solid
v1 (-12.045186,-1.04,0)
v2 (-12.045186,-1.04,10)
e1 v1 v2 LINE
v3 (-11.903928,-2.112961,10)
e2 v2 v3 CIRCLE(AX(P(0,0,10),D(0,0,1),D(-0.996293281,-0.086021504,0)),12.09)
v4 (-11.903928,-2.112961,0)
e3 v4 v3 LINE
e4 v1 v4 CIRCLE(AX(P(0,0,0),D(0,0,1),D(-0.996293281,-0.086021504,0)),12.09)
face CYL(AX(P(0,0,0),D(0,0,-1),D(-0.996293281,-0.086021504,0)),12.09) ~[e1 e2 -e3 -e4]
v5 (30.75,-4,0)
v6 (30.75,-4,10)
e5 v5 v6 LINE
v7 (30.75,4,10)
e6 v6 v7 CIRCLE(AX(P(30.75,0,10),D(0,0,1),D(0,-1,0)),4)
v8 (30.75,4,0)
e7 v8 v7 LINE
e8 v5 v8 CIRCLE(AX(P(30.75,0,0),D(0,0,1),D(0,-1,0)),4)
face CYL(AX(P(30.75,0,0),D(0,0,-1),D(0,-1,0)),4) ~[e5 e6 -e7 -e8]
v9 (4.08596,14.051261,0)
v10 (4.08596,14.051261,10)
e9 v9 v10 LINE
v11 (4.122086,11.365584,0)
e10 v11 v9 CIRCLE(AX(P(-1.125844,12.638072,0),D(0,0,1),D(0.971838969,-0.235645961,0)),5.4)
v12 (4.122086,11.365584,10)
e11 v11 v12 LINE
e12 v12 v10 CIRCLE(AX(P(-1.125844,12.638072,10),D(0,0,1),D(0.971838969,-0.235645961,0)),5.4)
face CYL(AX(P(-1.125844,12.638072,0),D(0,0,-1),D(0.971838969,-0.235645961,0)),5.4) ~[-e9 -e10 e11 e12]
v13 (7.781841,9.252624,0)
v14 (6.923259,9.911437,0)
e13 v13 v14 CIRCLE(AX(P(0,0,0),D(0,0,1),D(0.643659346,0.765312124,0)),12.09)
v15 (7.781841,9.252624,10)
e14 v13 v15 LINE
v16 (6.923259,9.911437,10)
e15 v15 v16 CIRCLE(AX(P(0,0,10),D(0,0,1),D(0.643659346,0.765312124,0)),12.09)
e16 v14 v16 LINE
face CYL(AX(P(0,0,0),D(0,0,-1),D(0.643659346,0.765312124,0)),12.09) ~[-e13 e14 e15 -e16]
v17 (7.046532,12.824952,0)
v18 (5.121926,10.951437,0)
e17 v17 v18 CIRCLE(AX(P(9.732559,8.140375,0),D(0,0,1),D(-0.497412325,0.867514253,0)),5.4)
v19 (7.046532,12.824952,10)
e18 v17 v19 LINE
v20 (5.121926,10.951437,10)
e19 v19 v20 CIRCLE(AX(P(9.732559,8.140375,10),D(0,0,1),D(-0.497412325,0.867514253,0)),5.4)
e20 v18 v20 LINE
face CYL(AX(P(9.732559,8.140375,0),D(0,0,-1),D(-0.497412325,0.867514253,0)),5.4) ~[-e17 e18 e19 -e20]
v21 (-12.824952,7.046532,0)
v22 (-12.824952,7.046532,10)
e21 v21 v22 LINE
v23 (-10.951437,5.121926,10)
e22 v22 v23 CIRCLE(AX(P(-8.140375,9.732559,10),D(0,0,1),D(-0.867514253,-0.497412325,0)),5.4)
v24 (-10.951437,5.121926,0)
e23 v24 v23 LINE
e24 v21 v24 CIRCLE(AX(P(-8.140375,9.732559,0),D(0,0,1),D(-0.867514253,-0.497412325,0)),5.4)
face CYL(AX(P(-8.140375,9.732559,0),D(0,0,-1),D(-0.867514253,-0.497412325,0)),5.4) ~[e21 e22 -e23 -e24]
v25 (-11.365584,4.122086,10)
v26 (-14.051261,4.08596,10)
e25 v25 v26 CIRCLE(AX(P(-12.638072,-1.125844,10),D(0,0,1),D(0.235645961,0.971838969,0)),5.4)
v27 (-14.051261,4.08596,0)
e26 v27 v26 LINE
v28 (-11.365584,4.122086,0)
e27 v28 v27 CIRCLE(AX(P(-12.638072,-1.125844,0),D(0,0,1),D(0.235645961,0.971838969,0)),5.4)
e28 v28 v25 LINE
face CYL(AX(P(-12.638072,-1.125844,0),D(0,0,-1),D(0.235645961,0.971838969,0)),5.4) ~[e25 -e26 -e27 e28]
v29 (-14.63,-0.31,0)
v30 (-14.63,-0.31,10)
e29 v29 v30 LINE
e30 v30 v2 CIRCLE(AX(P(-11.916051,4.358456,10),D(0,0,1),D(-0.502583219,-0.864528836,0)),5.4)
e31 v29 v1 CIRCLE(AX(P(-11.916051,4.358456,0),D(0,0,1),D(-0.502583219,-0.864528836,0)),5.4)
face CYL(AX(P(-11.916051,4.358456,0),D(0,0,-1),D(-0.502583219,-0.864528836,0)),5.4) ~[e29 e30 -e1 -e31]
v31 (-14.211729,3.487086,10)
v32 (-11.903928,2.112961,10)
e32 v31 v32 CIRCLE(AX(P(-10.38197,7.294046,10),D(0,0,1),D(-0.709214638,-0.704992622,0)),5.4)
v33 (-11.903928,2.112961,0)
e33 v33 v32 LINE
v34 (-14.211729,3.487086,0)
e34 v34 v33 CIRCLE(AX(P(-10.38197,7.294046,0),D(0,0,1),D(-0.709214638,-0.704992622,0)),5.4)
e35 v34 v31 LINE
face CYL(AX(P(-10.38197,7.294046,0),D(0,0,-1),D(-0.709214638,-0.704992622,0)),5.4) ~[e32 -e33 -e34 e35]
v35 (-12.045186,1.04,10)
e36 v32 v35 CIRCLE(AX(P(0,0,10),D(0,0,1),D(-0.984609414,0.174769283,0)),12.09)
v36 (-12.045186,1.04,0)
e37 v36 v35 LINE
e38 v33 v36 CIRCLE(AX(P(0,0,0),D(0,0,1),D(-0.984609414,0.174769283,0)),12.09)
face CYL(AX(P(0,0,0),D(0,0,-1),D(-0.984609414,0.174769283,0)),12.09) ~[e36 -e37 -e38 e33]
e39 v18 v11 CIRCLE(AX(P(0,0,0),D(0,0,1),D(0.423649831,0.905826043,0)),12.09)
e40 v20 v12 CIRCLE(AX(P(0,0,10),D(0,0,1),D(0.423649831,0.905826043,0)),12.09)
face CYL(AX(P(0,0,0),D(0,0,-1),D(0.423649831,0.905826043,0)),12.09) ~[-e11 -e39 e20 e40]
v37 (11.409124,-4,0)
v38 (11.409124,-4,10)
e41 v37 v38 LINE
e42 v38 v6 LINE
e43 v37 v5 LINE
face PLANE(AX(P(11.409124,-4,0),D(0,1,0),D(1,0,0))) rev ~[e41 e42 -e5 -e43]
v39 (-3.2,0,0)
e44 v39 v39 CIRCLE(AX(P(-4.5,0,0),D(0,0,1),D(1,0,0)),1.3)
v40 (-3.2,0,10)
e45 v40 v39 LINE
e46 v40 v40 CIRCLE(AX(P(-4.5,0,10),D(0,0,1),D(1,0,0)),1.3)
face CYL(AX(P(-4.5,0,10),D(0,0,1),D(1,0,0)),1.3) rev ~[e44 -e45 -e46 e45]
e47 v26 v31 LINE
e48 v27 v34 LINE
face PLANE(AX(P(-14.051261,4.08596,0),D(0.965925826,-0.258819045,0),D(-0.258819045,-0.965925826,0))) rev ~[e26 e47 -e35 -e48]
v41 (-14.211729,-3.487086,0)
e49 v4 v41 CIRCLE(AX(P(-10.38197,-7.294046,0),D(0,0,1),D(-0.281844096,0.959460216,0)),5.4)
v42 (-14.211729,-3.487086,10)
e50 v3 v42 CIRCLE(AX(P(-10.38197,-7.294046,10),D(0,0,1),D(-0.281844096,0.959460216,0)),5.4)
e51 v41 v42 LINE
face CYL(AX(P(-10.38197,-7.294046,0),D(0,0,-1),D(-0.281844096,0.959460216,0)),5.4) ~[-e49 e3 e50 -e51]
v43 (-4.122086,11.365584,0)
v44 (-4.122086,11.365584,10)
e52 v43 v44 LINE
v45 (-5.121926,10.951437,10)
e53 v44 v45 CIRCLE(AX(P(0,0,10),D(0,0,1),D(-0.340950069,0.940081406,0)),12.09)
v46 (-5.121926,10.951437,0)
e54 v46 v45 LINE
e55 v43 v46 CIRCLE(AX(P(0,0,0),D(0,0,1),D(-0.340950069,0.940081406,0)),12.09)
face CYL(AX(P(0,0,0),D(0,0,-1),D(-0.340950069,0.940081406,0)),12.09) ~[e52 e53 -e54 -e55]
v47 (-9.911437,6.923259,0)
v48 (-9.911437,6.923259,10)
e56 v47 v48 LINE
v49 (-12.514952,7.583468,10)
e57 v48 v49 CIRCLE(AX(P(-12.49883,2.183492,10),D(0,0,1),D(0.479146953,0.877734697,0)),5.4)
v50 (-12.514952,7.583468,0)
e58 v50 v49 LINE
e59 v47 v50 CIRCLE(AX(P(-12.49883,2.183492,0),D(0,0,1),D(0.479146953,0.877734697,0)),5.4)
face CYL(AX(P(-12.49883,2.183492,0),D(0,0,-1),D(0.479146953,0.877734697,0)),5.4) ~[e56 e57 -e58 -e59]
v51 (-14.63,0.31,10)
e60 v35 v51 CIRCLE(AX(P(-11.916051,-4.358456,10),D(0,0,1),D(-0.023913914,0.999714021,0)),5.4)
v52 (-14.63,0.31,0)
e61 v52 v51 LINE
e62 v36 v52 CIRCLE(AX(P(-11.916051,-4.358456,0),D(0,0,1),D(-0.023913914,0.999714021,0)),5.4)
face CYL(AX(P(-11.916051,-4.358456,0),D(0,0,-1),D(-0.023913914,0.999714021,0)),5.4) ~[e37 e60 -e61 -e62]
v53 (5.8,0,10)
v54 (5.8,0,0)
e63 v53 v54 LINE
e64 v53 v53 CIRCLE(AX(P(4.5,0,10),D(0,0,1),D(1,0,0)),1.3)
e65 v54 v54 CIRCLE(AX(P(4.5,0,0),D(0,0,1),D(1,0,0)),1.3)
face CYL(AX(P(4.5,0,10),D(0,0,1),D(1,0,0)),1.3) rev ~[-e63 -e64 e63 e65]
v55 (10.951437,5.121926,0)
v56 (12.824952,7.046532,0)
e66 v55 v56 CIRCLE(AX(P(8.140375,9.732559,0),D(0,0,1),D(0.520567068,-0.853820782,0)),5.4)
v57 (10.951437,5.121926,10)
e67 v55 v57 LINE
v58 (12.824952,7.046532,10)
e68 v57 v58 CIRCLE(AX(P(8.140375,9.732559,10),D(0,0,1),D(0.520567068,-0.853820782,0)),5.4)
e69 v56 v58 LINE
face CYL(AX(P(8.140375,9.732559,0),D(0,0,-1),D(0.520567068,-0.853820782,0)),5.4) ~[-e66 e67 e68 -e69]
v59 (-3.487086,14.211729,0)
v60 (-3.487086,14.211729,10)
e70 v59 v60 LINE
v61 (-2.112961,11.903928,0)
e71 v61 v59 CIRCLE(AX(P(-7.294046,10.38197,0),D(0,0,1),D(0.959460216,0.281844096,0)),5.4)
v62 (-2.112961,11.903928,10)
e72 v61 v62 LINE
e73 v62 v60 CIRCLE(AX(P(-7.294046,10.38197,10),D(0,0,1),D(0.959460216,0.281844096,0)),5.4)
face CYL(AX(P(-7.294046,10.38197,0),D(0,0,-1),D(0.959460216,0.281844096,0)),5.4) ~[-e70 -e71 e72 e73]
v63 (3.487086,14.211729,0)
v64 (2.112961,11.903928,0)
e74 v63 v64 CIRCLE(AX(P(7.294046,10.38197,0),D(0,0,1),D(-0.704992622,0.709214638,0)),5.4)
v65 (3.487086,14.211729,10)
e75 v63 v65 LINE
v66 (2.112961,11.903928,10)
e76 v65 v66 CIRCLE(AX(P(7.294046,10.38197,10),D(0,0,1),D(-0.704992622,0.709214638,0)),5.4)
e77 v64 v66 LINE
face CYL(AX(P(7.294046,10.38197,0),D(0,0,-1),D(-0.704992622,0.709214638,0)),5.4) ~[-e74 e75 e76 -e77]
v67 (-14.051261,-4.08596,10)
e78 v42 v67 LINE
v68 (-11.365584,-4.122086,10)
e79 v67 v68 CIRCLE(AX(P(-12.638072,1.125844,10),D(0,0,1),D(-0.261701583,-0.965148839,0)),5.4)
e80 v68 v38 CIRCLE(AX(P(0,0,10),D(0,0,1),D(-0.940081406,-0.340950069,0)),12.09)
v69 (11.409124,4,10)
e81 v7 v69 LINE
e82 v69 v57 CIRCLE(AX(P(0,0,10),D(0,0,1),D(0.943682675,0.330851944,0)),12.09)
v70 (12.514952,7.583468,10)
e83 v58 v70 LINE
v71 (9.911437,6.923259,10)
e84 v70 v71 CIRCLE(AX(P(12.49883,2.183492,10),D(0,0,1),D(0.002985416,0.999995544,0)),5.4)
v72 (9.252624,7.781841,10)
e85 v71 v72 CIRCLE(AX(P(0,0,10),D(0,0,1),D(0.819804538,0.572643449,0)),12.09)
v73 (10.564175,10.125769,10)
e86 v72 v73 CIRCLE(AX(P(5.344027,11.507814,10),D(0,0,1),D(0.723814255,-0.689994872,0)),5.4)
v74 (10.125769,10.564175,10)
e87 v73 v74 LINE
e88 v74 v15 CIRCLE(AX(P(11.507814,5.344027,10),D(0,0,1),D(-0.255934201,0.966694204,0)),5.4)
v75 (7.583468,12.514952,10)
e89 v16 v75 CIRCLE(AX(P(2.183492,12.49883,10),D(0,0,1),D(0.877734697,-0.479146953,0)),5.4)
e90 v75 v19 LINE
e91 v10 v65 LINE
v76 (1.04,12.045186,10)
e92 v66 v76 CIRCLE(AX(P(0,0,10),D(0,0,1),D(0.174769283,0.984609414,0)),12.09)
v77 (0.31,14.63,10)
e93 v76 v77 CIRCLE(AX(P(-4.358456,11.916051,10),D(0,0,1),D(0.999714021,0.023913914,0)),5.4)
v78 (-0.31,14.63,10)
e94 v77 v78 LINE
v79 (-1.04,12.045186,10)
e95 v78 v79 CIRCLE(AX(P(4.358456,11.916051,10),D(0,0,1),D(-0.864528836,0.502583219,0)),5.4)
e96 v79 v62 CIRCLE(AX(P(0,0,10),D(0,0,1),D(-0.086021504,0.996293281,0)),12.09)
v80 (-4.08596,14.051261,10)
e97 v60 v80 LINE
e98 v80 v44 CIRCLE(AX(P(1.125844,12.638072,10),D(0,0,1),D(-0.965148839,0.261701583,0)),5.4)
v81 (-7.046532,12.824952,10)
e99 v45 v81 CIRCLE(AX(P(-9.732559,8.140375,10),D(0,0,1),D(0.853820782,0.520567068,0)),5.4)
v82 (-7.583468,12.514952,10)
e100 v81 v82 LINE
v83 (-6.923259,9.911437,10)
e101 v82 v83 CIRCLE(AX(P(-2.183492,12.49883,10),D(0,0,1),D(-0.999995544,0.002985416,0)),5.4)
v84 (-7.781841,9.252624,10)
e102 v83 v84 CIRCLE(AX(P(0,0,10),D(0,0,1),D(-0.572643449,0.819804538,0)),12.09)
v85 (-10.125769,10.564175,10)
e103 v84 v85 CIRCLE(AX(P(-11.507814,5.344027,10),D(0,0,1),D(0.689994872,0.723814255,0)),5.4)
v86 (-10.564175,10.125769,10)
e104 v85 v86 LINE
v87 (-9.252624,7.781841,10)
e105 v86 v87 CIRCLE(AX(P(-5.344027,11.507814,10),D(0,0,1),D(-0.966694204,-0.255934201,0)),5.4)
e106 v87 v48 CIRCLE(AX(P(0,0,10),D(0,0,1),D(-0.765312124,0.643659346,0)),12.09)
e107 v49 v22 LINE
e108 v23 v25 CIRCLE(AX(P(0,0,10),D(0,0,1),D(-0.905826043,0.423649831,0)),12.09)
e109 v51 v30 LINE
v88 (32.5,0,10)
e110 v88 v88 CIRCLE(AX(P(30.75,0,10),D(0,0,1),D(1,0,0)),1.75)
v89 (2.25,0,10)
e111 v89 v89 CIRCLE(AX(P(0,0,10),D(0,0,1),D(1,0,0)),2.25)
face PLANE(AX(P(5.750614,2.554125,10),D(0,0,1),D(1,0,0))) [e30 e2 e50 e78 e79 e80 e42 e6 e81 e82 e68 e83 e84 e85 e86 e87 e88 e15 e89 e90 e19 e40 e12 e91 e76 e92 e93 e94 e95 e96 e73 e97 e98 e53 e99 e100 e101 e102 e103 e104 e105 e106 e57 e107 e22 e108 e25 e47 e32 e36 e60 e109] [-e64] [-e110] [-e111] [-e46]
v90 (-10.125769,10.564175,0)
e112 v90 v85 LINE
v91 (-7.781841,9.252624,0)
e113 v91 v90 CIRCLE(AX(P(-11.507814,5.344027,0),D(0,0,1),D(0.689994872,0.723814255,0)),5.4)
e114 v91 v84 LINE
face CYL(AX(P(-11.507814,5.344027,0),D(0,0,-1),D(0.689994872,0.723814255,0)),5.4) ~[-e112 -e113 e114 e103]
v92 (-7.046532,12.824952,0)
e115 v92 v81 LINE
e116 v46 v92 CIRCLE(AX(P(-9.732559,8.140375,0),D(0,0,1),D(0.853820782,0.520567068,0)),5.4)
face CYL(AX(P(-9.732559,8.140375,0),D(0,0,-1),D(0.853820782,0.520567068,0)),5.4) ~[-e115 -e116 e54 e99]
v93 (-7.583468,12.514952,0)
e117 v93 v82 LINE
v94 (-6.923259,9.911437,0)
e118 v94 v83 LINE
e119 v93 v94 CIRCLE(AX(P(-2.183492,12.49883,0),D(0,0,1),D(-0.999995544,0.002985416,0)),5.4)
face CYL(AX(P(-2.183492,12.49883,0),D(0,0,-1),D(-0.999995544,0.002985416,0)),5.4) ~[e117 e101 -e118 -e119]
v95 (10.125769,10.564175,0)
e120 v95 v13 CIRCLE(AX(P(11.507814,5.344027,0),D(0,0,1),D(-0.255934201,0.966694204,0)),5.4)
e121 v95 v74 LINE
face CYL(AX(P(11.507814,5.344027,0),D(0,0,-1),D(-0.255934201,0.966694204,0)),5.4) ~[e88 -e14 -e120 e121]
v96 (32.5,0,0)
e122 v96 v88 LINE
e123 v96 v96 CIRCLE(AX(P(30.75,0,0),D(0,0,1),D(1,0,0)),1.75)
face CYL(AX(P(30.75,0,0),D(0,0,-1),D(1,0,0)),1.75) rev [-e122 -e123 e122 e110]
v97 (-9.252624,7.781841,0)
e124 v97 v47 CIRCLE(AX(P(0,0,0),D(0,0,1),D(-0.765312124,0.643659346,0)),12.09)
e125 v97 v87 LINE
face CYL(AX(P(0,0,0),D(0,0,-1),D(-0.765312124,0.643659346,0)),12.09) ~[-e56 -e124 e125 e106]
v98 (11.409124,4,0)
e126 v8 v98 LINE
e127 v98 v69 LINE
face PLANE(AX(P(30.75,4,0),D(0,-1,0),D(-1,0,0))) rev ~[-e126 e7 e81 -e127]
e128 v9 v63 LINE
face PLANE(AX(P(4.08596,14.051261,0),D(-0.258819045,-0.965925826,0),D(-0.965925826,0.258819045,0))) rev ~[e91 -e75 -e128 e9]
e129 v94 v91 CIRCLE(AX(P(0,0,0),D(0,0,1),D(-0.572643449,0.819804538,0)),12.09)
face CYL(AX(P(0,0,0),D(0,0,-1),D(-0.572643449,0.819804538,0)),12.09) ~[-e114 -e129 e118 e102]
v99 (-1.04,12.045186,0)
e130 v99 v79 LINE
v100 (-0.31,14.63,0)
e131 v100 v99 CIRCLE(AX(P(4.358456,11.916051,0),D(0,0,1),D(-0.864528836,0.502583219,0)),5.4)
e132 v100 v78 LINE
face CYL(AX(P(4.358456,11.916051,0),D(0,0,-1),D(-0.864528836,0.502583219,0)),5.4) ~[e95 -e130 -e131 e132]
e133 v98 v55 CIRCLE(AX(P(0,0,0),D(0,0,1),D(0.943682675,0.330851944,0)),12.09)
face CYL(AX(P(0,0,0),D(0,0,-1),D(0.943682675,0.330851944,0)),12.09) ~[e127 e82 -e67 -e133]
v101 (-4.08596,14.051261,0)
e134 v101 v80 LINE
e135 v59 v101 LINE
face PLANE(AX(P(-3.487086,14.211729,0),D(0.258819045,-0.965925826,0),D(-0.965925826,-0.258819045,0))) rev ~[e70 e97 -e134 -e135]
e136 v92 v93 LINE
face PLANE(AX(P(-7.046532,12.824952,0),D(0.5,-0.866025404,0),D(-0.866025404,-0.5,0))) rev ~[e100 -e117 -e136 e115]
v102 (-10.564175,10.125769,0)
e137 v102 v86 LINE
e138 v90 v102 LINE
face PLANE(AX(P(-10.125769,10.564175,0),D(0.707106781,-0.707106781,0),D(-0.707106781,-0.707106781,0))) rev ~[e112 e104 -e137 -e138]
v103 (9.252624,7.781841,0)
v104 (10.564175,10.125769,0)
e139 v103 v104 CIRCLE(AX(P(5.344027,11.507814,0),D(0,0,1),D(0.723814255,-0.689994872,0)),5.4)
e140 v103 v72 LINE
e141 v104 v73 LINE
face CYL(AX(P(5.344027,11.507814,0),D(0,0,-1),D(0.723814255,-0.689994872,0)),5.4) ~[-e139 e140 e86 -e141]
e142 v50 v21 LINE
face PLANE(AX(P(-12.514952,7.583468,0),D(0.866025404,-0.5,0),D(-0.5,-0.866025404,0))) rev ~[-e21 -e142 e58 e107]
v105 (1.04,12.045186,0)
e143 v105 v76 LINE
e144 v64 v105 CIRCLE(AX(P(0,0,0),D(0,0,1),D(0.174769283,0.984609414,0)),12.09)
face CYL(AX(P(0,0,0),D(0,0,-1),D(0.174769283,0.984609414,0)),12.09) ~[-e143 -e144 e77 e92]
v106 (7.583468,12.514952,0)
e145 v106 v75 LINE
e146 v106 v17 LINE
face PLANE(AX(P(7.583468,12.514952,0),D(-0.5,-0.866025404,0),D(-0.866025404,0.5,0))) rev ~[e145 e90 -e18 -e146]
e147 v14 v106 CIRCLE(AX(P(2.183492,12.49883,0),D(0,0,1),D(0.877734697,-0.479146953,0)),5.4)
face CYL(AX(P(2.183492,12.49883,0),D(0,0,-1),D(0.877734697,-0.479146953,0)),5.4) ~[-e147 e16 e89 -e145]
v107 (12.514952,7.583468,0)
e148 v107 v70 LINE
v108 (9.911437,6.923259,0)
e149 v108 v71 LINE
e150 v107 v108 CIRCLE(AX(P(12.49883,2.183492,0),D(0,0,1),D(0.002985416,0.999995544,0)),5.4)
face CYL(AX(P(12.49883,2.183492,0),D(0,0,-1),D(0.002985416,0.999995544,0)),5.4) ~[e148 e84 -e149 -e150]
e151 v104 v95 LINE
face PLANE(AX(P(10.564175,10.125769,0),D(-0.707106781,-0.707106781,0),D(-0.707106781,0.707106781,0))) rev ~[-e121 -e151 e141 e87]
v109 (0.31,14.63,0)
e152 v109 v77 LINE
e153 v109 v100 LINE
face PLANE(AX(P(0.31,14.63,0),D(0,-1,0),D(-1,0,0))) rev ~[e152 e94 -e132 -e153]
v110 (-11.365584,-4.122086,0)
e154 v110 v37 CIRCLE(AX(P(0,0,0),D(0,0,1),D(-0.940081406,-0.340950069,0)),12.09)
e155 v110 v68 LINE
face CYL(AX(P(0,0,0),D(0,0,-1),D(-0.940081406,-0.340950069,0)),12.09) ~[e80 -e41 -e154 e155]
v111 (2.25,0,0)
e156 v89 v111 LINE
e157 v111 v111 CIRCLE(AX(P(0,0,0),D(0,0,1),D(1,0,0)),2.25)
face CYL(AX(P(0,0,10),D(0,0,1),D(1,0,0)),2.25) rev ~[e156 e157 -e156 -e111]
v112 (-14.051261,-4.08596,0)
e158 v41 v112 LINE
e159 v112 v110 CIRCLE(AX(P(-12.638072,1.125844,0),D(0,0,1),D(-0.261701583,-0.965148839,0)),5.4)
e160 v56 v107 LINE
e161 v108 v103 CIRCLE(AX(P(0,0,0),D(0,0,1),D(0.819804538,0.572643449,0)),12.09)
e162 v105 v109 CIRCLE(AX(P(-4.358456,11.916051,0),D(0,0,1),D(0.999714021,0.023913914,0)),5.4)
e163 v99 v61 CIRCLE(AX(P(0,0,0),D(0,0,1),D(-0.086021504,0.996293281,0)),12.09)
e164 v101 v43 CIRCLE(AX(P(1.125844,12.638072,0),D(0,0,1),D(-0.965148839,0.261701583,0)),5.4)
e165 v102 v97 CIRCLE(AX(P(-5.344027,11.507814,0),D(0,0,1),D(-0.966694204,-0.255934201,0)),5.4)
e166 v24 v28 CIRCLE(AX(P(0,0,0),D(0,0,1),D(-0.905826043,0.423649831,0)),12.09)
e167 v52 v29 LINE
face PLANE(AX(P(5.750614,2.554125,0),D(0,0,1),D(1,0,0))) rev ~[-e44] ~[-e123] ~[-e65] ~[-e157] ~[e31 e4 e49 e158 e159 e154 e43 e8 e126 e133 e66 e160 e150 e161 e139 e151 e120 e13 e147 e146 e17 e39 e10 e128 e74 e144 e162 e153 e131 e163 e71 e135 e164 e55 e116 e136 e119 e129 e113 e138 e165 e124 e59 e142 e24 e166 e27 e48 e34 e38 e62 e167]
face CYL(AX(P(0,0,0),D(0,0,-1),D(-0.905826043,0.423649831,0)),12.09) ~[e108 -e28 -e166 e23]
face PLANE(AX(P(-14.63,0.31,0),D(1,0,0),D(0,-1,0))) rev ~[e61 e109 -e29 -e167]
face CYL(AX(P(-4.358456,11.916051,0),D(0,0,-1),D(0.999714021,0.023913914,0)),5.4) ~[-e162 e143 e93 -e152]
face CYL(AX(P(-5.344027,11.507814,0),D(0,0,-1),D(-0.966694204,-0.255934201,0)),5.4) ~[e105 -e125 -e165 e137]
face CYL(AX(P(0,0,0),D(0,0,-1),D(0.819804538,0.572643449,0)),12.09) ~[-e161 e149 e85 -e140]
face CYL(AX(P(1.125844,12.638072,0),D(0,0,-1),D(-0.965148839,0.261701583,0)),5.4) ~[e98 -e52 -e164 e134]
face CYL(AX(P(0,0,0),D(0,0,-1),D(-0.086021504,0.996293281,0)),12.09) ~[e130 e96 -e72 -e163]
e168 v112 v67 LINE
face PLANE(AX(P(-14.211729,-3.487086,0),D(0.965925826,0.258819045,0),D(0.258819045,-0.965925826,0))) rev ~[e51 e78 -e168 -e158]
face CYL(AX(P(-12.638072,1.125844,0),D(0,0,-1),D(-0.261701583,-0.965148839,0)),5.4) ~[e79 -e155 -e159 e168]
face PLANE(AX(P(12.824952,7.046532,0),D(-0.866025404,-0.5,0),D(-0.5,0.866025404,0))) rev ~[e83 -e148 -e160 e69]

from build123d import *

# Parameters (mm, degrees)
SKETCH1_R           = 1.75
BOSS_EXTRUDE1_DEPTH = 10
SKETCH2_R           = 1.3
SKETCH2_R_2         = 2.25
CUT_EXTRUDE1_DEPTH  = 40.007683858


with BuildPart() as part:
    # Sketch1 → Boss-Extrude1 (new body)
    with BuildSketch(Plane.XY):
        with BuildLine():
            Line((0.31, 14.63), (-0.31, 14.63))
            ThreePointArc((-0.31, 14.63), (-0.838273314, 13.383704325), (-1.04, 12.04518576))
            ThreePointArc((-1.04, 12.04518576), (-1.578061664, 11.986568374), (-2.112960617, 11.903927815))
            ThreePointArc((-2.112960617, 11.903927815), (-2.65424773, 13.144626757), (-3.487085624, 14.211728743))
            Line((-3.487085624, 14.211728743), (-4.085959636, 14.051260935))
            ThreePointArc((-4.085959636, 14.051260935), (-4.273667417, 12.71070456), (-4.122086336, 11.365584201))
            ThreePointArc((-4.122086336, 11.365584201), (-4.626642697, 11.169703548), (-5.12192646, 10.951436862))
            ThreePointArc((-5.12192646, 10.951436862), (-5.965886177, 12.009764599), (-7.046532125, 12.824951657))
            Line((-7.046532125, 12.824951657), (-7.583467875, 12.514951657))
            ThreePointArc((-7.583467875, 12.514951657), (-7.417818147, 11.171491285), (-6.9232593, 9.911436862))
            ThreePointArc((-6.9232593, 9.911436862), (-7.359925677, 9.591641884), (-7.781841479, 9.252623584))
            ThreePointArc((-7.781841479, 9.252623584), (-8.870959341, 10.05645683), (-10.125769107, 10.564175311))
            Line((-10.125769107, 10.564175311), (-10.564175311, 10.125769107))
            ThreePointArc((-10.564175311, 10.125769107), (-10.05645683, 8.870959341), (-9.252623584, 7.781841479))
            ThreePointArc((-9.252623584, 7.781841479), (-9.591641884, 7.359925677), (-9.911436862, 6.9232593))
            ThreePointArc((-9.911436862, 6.9232593), (-11.171491285, 7.417818147), (-12.514951657, 7.583467875))
            Line((-12.514951657, 7.583467875), (-12.824951657, 7.046532125))
            ThreePointArc((-12.824951657, 7.046532125), (-12.009764599, 5.965886177), (-10.951436862, 5.12192646))
            ThreePointArc((-10.951436862, 5.12192646), (-11.169703548, 4.626642697), (-11.365584201, 4.122086336))
            ThreePointArc((-11.365584201, 4.122086336), (-12.71070456, 4.273667417), (-14.051260935, 4.085959636))
            Line((-14.051260935, 4.085959636), (-14.211728743, 3.487085624))
            ThreePointArc((-14.211728743, 3.487085624), (-13.144626757, 2.65424773), (-11.903927815, 2.112960617))
            ThreePointArc((-11.903927815, 2.112960617), (-11.986568374, 1.578061664), (-12.04518576, 1.04))
            ThreePointArc((-12.04518576, 1.04), (-13.383704325, 0.838273314), (-14.63, 0.31))
            Line((-14.63, 0.31), (-14.63, -0.31))
            ThreePointArc((-14.63, -0.31), (-13.383704325, -0.838273314), (-12.04518576, -1.04))
            ThreePointArc((-12.04518576, -1.04), (-11.986568374, -1.578061664), (-11.903927815, -2.112960617))
            ThreePointArc((-11.903927815, -2.112960617), (-13.144626757, -2.65424773), (-14.211728743, -3.487085624))
            Line((-14.211728743, -3.487085624), (-14.051260935, -4.085959636))
            ThreePointArc((-14.051260935, -4.085959636), (-12.71070456, -4.273667417), (-11.365584201, -4.122086336))
            ThreePointArc((-11.365584201, -4.122086336), (0.064808849, -12.089826294), (11.409123542, -4))
            Line((11.409123542, -4), (30.75, -4))
            ThreePointArc((30.75, -4), (34.75, 0), (30.75, 4))
            Line((30.75, 4), (11.409123542, 4))
            ThreePointArc((11.409123542, 4), (11.194344337, 4.566700654), (10.951436862, 5.12192646))
            ThreePointArc((10.951436862, 5.12192646), (12.009764599, 5.965886177), (12.824951657, 7.046532125))
            Line((12.824951657, 7.046532125), (12.514951657, 7.583467875))
            ThreePointArc((12.514951657, 7.583467875), (11.171491285, 7.417818147), (9.911436862, 6.9232593))
            ThreePointArc((9.911436862, 6.9232593), (9.591641884, 7.359925677), (9.252623584, 7.781841479))
            ThreePointArc((9.252623584, 7.781841479), (10.05645683, 8.870959341), (10.564175311, 10.125769107))
            Line((10.564175311, 10.125769107), (10.125769107, 10.564175311))
            ThreePointArc((10.125769107, 10.564175311), (8.870959341, 10.05645683), (7.781841479, 9.252623584))
            ThreePointArc((7.781841479, 9.252623584), (7.359925677, 9.591641884), (6.9232593, 9.911436862))
            ThreePointArc((6.9232593, 9.911436862), (7.417818147, 11.171491285), (7.583467875, 12.514951657))
            Line((7.583467875, 12.514951657), (7.046532125, 12.824951657))
            ThreePointArc((7.046532125, 12.824951657), (5.965886177, 12.009764599), (5.12192646, 10.951436862))
            ThreePointArc((5.12192646, 10.951436862), (4.626642697, 11.169703548), (4.122086336, 11.365584201))
            ThreePointArc((4.122086336, 11.365584201), (4.273667417, 12.71070456), (4.085959636, 14.051260935))
            Line((4.085959636, 14.051260935), (3.487085624, 14.211728743))
            ThreePointArc((3.487085624, 14.211728743), (2.65424773, 13.144626757), (2.112960617, 11.903927815))
            ThreePointArc((2.112960617, 11.903927815), (1.578061664, 11.986568374), (1.04, 12.04518576))
            ThreePointArc((1.04, 12.04518576), (0.838273314, 13.383704325), (0.31, 14.63))
        make_face()
        Circle(SKETCH1_R, mode=Mode.SUBTRACT)
        with Locations((30.75, 0)):
            Circle(SKETCH1_R, mode=Mode.SUBTRACT)
    extrude(amount=BOSS_EXTRUDE1_DEPTH)

    # Sketch2 → Cut-Extrude1 (cut, through all)
    with BuildSketch(Plane.XY.offset(10)):
        with Locations((-4.5, 0)):
            Circle(SKETCH2_R)
        with Locations((4.5, 0)):
            Circle(SKETCH2_R)
        Circle(SKETCH2_R_2)
    extrude(amount=-CUT_EXTRUDE1_DEPTH, mode=Mode.SUBTRACT)


solid = part.part
